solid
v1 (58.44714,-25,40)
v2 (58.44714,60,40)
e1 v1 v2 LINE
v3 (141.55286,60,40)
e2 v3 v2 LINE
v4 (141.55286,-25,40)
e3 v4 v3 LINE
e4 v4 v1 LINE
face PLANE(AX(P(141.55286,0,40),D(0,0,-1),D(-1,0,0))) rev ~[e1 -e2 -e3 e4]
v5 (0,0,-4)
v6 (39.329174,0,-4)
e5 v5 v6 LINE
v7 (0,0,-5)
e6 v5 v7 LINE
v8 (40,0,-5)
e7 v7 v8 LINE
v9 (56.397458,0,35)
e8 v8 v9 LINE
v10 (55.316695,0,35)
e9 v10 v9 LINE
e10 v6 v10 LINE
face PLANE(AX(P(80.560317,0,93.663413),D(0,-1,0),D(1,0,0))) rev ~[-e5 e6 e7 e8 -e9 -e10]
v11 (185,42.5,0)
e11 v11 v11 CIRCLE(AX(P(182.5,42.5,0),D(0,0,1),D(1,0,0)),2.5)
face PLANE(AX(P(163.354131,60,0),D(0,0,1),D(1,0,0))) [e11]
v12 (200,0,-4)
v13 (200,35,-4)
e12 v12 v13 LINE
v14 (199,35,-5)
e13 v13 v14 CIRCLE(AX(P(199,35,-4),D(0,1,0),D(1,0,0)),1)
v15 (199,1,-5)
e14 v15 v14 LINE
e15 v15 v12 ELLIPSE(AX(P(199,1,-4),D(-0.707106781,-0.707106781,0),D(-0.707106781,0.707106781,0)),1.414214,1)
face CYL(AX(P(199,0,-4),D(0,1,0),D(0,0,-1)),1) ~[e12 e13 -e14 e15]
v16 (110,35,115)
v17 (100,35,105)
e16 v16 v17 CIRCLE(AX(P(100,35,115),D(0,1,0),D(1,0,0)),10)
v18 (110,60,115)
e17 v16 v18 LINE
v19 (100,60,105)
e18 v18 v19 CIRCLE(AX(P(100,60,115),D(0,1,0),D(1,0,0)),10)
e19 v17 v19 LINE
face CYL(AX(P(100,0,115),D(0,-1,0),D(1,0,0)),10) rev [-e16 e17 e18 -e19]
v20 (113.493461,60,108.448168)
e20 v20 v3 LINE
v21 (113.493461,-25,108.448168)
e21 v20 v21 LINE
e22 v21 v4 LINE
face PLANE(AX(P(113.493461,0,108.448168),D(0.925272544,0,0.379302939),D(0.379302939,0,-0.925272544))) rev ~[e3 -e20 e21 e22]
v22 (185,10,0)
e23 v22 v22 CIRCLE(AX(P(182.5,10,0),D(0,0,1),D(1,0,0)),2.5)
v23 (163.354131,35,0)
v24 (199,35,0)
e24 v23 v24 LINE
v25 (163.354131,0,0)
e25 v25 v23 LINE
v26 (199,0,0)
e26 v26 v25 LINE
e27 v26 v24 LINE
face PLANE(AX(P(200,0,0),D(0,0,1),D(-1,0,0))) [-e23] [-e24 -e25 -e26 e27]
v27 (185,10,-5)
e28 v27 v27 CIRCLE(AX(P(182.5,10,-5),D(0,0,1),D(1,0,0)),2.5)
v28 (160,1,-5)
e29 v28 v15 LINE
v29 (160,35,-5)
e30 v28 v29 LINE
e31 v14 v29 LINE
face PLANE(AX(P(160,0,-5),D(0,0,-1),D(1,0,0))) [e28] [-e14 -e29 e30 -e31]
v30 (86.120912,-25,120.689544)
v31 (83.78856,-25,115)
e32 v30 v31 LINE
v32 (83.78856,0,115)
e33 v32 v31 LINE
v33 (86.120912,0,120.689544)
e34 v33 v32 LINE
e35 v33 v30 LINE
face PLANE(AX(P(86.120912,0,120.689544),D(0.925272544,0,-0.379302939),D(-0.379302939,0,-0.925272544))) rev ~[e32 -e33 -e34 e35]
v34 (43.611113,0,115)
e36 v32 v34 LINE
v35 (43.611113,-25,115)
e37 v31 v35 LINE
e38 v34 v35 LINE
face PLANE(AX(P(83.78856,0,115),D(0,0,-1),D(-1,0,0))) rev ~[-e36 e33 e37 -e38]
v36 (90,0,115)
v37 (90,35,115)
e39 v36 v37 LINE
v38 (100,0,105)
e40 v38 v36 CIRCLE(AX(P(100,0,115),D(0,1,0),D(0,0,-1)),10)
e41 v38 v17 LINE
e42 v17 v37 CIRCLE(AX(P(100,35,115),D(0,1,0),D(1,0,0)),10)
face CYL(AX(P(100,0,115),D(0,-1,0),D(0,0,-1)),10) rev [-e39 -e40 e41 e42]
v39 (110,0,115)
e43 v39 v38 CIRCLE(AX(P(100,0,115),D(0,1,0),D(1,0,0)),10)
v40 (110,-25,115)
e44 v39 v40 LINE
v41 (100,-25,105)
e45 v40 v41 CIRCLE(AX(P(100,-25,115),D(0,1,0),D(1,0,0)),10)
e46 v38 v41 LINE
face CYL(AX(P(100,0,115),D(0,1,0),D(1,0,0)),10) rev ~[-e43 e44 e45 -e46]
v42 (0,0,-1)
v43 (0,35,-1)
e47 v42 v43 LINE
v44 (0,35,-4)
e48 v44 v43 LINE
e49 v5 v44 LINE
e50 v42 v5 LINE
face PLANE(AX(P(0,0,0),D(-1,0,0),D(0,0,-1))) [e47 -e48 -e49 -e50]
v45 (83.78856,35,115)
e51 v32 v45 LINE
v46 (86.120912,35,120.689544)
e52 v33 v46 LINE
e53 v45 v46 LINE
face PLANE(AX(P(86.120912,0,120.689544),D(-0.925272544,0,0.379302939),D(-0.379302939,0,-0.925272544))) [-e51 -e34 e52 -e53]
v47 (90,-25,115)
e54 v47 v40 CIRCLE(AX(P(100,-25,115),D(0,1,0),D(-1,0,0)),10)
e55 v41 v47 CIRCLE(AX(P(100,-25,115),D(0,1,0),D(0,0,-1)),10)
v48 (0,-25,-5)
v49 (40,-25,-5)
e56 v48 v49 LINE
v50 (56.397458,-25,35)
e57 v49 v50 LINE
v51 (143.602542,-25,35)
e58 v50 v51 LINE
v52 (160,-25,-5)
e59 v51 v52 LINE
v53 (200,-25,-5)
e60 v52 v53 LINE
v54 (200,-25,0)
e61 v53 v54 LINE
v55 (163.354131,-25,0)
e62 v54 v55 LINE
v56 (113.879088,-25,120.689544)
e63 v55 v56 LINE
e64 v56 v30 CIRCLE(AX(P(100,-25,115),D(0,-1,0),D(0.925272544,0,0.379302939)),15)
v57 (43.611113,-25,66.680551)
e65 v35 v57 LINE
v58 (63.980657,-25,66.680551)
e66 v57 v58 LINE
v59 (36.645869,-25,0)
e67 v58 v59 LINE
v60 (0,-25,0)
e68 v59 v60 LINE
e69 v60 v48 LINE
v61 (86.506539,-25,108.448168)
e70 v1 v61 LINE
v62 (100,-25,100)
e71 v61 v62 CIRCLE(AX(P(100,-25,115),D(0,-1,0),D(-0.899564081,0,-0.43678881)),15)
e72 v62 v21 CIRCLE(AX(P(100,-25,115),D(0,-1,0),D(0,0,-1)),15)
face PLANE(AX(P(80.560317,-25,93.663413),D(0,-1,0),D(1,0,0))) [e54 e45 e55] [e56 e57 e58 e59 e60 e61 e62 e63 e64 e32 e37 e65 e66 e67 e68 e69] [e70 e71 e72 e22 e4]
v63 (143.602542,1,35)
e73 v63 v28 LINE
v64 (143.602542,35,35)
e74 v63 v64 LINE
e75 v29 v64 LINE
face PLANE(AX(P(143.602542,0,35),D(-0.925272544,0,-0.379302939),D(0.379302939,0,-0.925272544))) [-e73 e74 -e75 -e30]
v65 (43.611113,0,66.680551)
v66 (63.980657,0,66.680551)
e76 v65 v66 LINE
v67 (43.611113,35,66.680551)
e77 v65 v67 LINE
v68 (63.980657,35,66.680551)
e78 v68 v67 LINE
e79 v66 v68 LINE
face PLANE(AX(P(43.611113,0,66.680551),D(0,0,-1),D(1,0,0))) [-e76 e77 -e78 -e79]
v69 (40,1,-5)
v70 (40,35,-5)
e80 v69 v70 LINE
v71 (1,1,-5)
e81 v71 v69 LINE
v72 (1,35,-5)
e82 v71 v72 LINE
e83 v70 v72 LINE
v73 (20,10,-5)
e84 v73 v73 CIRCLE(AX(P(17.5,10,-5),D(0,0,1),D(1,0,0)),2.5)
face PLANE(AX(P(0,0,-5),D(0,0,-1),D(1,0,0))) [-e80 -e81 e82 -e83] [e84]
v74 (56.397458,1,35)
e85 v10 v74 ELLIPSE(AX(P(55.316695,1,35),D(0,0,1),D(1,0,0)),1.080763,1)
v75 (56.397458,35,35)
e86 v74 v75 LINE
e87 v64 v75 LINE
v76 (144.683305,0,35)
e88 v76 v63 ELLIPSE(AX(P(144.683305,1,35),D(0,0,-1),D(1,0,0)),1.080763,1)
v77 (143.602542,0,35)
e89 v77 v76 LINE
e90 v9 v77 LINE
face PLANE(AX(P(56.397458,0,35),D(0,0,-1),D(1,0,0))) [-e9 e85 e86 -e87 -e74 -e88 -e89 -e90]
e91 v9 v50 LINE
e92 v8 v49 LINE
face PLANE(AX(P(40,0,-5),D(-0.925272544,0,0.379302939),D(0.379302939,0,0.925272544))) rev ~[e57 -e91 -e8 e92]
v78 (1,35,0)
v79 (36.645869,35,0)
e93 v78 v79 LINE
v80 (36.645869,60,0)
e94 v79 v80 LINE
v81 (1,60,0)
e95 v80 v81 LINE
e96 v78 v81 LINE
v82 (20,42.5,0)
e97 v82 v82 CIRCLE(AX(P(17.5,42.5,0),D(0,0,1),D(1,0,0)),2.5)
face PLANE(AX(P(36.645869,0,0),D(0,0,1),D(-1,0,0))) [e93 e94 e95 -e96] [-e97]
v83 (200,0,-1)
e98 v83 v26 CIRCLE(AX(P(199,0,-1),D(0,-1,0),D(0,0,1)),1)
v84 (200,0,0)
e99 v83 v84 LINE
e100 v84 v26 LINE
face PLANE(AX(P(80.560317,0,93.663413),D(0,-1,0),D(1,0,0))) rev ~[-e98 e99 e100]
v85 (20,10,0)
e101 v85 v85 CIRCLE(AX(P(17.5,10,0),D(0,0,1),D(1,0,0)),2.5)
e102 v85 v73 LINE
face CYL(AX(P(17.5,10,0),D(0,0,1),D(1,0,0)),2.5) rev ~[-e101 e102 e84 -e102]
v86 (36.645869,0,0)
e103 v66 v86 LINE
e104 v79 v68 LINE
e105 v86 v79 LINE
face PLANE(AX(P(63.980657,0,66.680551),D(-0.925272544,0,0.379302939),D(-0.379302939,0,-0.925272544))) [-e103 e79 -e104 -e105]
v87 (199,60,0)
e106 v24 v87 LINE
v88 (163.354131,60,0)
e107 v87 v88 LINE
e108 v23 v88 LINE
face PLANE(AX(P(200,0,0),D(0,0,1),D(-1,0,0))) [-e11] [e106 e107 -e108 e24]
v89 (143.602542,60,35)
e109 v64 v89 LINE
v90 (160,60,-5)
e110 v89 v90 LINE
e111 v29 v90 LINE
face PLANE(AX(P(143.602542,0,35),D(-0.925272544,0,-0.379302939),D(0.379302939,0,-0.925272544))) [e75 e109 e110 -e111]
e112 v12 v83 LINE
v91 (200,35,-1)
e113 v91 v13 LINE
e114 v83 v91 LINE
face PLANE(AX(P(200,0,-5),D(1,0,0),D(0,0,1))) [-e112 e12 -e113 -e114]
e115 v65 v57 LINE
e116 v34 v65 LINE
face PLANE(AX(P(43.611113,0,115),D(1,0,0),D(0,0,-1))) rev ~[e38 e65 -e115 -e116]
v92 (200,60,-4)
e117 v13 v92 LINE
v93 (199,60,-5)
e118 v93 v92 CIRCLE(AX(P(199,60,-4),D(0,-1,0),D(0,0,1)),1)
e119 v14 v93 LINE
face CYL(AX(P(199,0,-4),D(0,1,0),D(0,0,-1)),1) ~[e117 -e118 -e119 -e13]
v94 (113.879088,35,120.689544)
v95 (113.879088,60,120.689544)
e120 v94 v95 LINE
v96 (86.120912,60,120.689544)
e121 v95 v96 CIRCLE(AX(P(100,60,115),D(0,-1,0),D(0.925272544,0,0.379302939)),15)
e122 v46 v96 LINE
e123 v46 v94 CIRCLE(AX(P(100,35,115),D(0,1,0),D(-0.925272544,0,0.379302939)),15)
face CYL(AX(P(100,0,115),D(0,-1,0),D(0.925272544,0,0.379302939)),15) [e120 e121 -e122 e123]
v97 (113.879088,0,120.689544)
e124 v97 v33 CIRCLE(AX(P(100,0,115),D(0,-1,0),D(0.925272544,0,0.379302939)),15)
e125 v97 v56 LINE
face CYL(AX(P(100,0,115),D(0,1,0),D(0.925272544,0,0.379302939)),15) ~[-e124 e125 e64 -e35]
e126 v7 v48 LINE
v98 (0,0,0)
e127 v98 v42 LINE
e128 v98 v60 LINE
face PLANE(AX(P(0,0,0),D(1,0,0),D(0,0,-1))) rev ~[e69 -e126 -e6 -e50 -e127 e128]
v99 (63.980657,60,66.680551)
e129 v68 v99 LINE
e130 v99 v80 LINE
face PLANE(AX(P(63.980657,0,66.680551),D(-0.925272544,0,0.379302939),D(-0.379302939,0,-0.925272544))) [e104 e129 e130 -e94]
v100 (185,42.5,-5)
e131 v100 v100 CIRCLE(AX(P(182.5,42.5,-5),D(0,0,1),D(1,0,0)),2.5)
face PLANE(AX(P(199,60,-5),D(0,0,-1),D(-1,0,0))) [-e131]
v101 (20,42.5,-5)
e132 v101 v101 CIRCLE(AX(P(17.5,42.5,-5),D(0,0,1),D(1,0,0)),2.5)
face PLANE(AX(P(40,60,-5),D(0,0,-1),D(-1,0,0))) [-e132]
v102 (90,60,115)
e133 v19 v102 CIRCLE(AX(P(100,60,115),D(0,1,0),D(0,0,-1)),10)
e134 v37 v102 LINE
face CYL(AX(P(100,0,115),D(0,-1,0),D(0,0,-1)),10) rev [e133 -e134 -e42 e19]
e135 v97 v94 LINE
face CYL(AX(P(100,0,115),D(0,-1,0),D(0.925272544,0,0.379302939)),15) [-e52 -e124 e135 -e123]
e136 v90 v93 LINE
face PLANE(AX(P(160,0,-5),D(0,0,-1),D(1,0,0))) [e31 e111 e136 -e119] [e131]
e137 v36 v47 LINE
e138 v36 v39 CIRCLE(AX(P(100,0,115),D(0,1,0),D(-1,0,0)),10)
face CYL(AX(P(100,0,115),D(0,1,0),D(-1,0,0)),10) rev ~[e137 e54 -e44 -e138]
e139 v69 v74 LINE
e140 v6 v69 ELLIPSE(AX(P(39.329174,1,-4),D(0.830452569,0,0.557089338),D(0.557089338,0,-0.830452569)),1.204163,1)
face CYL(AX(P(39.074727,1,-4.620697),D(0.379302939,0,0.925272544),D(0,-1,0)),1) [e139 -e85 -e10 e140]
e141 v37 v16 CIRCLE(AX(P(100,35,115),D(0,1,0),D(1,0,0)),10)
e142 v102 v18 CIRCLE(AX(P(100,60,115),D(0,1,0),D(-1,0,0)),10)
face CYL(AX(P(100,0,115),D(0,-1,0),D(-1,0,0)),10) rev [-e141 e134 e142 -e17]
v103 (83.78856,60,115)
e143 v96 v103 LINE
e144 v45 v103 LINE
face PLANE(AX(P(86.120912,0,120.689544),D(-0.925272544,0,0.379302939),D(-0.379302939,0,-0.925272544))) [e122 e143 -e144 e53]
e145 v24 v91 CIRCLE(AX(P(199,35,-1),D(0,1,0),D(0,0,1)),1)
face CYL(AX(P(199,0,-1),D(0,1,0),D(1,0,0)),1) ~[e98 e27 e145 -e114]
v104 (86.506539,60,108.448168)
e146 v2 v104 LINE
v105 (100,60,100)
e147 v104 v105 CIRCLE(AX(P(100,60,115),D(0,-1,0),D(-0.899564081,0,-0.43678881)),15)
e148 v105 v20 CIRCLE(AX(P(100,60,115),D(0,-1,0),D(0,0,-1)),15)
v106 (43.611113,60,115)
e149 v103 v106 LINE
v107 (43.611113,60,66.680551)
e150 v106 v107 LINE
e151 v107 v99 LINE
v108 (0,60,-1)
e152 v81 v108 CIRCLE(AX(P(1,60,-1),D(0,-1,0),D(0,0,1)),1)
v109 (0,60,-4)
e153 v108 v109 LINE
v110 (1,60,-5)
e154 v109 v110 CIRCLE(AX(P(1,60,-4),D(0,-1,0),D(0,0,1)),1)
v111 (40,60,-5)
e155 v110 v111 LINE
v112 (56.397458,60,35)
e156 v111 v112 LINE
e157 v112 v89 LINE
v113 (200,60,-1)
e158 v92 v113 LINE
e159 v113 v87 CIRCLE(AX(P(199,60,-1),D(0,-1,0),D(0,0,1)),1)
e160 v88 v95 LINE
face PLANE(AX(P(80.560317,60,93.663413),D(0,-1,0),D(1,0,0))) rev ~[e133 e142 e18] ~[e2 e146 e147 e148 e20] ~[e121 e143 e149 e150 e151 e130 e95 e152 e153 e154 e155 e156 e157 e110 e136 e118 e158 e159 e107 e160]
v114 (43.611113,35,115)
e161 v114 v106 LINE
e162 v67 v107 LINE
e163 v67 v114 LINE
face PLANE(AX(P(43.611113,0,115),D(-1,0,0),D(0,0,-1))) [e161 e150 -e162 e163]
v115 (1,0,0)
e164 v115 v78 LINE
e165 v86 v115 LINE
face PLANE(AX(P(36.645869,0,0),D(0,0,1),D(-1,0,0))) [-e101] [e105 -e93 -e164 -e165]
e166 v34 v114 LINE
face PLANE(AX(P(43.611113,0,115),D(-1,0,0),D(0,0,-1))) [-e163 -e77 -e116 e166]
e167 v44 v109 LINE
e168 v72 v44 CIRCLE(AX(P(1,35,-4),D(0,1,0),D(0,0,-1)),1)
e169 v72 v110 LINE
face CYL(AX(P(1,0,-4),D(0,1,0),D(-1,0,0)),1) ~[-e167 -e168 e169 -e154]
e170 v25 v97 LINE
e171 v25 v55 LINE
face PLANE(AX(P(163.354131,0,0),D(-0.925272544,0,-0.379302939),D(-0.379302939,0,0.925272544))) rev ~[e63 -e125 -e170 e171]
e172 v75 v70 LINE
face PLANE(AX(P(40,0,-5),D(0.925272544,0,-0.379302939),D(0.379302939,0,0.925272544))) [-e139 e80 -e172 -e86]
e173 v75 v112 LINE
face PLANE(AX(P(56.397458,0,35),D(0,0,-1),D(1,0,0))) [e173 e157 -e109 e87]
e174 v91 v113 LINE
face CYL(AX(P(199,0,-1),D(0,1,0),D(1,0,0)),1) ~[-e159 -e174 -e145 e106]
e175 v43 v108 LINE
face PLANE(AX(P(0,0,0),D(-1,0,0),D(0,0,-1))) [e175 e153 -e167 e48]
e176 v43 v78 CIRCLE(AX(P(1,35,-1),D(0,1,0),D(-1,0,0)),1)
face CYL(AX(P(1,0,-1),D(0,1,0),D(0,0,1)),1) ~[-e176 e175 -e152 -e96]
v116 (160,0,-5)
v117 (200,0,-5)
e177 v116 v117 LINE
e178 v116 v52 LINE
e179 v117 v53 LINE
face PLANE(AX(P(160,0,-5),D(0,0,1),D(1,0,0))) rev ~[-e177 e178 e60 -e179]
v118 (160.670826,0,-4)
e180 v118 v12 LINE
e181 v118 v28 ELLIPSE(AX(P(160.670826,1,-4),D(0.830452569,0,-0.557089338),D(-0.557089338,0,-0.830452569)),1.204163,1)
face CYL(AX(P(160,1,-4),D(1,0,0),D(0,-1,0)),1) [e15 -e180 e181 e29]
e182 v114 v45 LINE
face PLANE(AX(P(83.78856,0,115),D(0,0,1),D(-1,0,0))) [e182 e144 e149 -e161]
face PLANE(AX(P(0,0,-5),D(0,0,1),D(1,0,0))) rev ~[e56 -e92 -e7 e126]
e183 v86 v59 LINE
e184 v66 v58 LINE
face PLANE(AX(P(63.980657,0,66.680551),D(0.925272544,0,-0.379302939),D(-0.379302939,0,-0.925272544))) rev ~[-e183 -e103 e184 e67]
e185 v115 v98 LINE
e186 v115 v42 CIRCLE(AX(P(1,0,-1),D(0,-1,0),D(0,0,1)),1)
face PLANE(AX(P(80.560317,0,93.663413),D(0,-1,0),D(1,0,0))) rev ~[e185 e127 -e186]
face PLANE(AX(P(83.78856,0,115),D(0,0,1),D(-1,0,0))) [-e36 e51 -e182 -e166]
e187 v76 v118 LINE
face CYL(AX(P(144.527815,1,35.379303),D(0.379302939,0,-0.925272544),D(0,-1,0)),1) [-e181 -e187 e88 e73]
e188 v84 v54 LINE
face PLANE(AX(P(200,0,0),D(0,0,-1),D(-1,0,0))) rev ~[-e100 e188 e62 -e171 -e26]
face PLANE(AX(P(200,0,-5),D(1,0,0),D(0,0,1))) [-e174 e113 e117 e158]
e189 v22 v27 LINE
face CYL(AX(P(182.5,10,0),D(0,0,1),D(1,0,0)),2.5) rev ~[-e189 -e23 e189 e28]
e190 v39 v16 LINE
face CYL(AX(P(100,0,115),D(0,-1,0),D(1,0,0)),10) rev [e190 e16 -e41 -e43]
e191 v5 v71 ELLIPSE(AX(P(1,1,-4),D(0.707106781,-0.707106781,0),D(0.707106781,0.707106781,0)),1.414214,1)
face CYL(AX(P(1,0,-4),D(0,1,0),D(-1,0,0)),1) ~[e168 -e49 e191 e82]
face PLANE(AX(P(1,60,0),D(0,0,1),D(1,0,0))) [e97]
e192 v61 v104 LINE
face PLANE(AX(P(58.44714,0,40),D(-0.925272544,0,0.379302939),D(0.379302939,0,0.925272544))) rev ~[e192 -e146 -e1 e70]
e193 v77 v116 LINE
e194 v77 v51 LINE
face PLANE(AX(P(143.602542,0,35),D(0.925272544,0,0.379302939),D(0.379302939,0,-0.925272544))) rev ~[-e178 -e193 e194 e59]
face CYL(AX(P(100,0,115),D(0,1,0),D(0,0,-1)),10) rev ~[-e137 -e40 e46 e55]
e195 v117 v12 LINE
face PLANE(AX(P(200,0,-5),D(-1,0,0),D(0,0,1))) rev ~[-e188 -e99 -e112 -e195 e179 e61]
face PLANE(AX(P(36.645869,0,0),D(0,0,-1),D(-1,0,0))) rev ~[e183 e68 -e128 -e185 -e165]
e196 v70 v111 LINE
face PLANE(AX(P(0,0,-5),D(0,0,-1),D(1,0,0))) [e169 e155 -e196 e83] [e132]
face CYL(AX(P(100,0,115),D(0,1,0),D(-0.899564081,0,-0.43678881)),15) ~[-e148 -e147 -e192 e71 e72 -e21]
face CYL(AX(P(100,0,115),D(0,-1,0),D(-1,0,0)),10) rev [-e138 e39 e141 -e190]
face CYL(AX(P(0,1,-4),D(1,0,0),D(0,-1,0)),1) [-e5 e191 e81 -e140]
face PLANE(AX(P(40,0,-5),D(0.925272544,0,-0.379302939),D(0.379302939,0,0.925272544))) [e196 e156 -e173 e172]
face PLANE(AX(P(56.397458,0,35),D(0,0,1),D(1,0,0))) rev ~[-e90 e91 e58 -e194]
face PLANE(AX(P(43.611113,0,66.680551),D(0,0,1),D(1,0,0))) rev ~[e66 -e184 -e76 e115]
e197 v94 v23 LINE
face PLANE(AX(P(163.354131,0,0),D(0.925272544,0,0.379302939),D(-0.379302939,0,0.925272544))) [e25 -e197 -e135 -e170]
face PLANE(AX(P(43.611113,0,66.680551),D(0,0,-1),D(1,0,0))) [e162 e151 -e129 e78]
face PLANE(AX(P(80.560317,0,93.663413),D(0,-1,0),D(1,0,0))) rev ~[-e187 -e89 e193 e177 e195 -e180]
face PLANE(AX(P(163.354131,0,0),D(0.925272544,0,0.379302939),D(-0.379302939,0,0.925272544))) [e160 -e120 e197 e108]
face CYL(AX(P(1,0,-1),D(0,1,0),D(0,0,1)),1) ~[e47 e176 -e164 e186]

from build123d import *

# Parameters (mm, degrees)
F1_DEPTH   = 60
F2_R       = 2.5
F3_DEPTH   = 5.001
F4_R       = 1
F1_FACE1_R = 10
F5_DEPTH   = 25


with BuildPart() as f1:
    # F0 (on Front) → F1 (new body)
    with BuildSketch(Plane.XZ):
        with BuildLine():
            Line((69.3844701811, 66.6805505753), (86.5065387851, 108.4481678561))
            ThreePointArc((86.5065387851, 108.4481678561), (92.0400214246, 102.28627745), (100, 100))
            Line((100, 100), (100, 105))
            ThreePointArc((100, 105), (92.9289321881, 107.9289321881), (90, 115))
            Line((90, 115), (83.7885603577, 115))
            Line((83.7885603577, 115), (63.980656967, 66.6805505753))
            Line((63.980656967, 66.6805505753), (69.3844701811, 66.6805505753))
        make_face()
        with BuildLine():
            Line((100, 105), (100, 100))
            ThreePointArc((100, 100), (107.9599785754, 102.28627745), (113.4934612149, 108.4481678561))
            Line((113.4934612149, 108.4481678561), (141.5528599106, 40))
            Line((141.5528599106, 40), (58.4471400894, 40))
            Line((58.4471400894, 40), (69.3844701811, 66.6805505753))
            Line((69.3844701811, 66.6805505753), (63.980656967, 66.6805505753))
            Line((63.980656967, 66.6805505753), (36.6458690181, 0))
            Line((36.6458690181, 0), (0, 0))
            Line((0, 0), (0, -5))
            Line((0, -5), (40, -5))
            Line((40, -5), (56.3974578573, 35))
            Line((56.3974578573, 35), (143.6025421427, 35))
            Line((143.6025421427, 35), (160, -5))
            Line((160, -5), (200, -5))
            Line((200, -5), (200, 0))
            Line((200, 0), (163.3541309819, 0))
            Line((163.3541309819, 0), (113.8790881603, 120.6895440801))
            ThreePointArc((113.8790881603, 120.6895440801), (100, 130), (86.1209118397, 120.6895440801))
            Line((86.1209118397, 120.6895440801), (83.7885603577, 115))
            Line((83.7885603577, 115), (90, 115))
            ThreePointArc((90, 115), (100, 125), (110, 115))
            ThreePointArc((110, 115), (107.0710678119, 107.9289321881), (100, 105))
        make_face()
        Polygon((43.611112982, 66.6805505753), (63.980656967, 66.6805505753), (83.7885603577, 115), (43.611112982, 115), align=None)
    extrude(amount=-F1_DEPTH)

    # F2 (on face) → F3 (cut, through all)
    with BuildSketch(Plane.XY):
        with Locations((182.5, 10)):
            Circle(F2_R)
        with Locations((182.5, 42.5)):
            Circle(F2_R)
        with Locations((17.5, 10)):
            Circle(F2_R)
        with Locations((17.5, 42.5)):
            Circle(F2_R)
    extrude(amount=-F3_DEPTH, mode=Mode.SUBTRACT)

    # F4
    f4_edges = [f1.edges().sort_by_distance(p)[0] for p in [
        (200, 30, 0),
        (200, 30, -5),
        (0, 30, 0),
        (0, 30, -5),
        (151.801271, 0, 15),
        (180, 0, -5),
        (20, 0, -5),
        (48.198729, 0, 15),
    ]]
    fillet(f4_edges, radius=F4_R)

    # F0 (on Front) + F1_face1 (on face) → F5 (join)
    with BuildSketch(Plane.XZ):
        with BuildLine():
            Line((69.3844701811, 66.6805505753), (86.5065387851, 108.4481678561))
            ThreePointArc((86.5065387851, 108.4481678561), (92.0400214246, 102.28627745), (100, 100))
            Line((100, 100), (100, 105))
            ThreePointArc((100, 105), (92.9289321881, 107.9289321881), (90, 115))
            Line((90, 115), (83.7885603577, 115))
            Line((83.7885603577, 115), (63.980656967, 66.6805505753))
            Line((63.980656967, 66.6805505753), (69.3844701811, 66.6805505753))
        make_face()
        with BuildLine():
            Line((100, 105), (100, 100))
            ThreePointArc((100, 100), (107.9599785754, 102.28627745), (113.4934612149, 108.4481678561))
            Line((113.4934612149, 108.4481678561), (141.5528599106, 40))
            Line((141.5528599106, 40), (58.4471400894, 40))
            Line((58.4471400894, 40), (69.3844701811, 66.6805505753))
            Line((69.3844701811, 66.6805505753), (63.980656967, 66.6805505753))
            Line((63.980656967, 66.6805505753), (36.6458690181, 0))
            Line((36.6458690181, 0), (0, 0))
            Line((0, 0), (0, -5))
            Line((0, -5), (40, -5))
            Line((40, -5), (56.3974578573, 35))
            Line((56.3974578573, 35), (143.6025421427, 35))
            Line((143.6025421427, 35), (160, -5))
            Line((160, -5), (200, -5))
            Line((200, -5), (200, 0))
            Line((200, 0), (163.3541309819, 0))
            Line((163.3541309819, 0), (113.8790881603, 120.6895440801))
            ThreePointArc((113.8790881603, 120.6895440801), (100, 130), (86.1209118397, 120.6895440801))
            Line((86.1209118397, 120.6895440801), (83.7885603577, 115))
            Line((83.7885603577, 115), (90, 115))
            ThreePointArc((90, 115), (100, 125), (110, 115))
            ThreePointArc((110, 115), (107.0710678119, 107.9289321881), (100, 105))
        make_face()
        Polygon((43.611112982, 66.6805505753), (63.980656967, 66.6805505753), (83.7885603577, 115), (43.611112982, 115), align=None)
    with BuildSketch(Plane(origin=(84.7585463742, 60, 67.9155553521), x_dir=(1, 0, 0), z_dir=(0, 1, 0))):
        with BuildLine():
            Line((-83.7585463742, 67.9155553521), (-48.1126773562, 67.9155553521))
            Line((-48.1126773562, 67.9155553521), (-20.7778894072, 1.2350047768))
            Line((-20.7778894072, 1.2350047768), (-41.1474333922, 1.2350047768))
            Line((-41.1474333922, 1.2350047768), (-41.1474333922, -47.0844446479))
            Line((-41.1474333922, -47.0844446479), (-0.9699860165, -47.0844446479))
            Line((-0.9699860165, -47.0844446479), (1.3623654655, -52.7739887281))
            ThreePointArc((1.3623654655, -52.7739887281), (15.2414536258, -62.0844446479), (29.120541786, -52.7739887281))
            Line((29.120541786, -52.7739887281), (78.5955846077, 67.9155553521))
            Line((78.5955846077, 67.9155553521), (114.2414536258, 67.9155553521))
            ThreePointArc((114.2414536258, 67.9155553521), (114.948560407, 68.2084485709), (115.2414536258, 68.9155553521))
            Line((115.2414536258, 68.9155553521), (115.2414536258, 71.9155553521))
            ThreePointArc((115.2414536258, 71.9155553521), (114.948560407, 72.6226621332), (114.2414536258, 72.9155553521))
            Line((114.2414536258, 72.9155553521), (75.2414536258, 72.9155553521))
            Line((75.2414536258, 72.9155553521), (58.8439957685, 32.9155553521))
            Line((58.8439957685, 32.9155553521), (-28.3610885169, 32.9155553521))
            Line((-28.3610885169, 32.9155553521), (-44.7585463742, 72.9155553521))
            Line((-44.7585463742, 72.9155553521), (-83.7585463742, 72.9155553521))
            ThreePointArc((-83.7585463742, 72.9155553521), (-84.4656531554, 72.6226621332), (-84.7585463742, 71.9155553521))
            Line((-84.7585463742, 71.9155553521), (-84.7585463742, 68.9155553521))
            ThreePointArc((-84.7585463742, 68.9155553521), (-84.4656531554, 68.2084485709), (-83.7585463742, 67.9155553521))
        make_face()
        with BuildLine():
            ThreePointArc((28.7349148407, -40.532612504), (15.2414536258, -32.0844446479), (1.7479924109, -40.532612504))
            Line((1.7479924109, -40.532612504), (-26.3114062848, 27.9155553521))
            Line((-26.3114062848, 27.9155553521), (56.7943135364, 27.9155553521))
            Line((56.7943135364, 27.9155553521), (28.7349148407, -40.532612504))
        make_face(mode=Mode.SUBTRACT)
        with Locations((15.2414536258, -47.0844446479)):
            Circle(F1_FACE1_R, mode=Mode.SUBTRACT)
    extrude(amount=F5_DEPTH, dir=(0, -1, 0))


solid = f1.part
